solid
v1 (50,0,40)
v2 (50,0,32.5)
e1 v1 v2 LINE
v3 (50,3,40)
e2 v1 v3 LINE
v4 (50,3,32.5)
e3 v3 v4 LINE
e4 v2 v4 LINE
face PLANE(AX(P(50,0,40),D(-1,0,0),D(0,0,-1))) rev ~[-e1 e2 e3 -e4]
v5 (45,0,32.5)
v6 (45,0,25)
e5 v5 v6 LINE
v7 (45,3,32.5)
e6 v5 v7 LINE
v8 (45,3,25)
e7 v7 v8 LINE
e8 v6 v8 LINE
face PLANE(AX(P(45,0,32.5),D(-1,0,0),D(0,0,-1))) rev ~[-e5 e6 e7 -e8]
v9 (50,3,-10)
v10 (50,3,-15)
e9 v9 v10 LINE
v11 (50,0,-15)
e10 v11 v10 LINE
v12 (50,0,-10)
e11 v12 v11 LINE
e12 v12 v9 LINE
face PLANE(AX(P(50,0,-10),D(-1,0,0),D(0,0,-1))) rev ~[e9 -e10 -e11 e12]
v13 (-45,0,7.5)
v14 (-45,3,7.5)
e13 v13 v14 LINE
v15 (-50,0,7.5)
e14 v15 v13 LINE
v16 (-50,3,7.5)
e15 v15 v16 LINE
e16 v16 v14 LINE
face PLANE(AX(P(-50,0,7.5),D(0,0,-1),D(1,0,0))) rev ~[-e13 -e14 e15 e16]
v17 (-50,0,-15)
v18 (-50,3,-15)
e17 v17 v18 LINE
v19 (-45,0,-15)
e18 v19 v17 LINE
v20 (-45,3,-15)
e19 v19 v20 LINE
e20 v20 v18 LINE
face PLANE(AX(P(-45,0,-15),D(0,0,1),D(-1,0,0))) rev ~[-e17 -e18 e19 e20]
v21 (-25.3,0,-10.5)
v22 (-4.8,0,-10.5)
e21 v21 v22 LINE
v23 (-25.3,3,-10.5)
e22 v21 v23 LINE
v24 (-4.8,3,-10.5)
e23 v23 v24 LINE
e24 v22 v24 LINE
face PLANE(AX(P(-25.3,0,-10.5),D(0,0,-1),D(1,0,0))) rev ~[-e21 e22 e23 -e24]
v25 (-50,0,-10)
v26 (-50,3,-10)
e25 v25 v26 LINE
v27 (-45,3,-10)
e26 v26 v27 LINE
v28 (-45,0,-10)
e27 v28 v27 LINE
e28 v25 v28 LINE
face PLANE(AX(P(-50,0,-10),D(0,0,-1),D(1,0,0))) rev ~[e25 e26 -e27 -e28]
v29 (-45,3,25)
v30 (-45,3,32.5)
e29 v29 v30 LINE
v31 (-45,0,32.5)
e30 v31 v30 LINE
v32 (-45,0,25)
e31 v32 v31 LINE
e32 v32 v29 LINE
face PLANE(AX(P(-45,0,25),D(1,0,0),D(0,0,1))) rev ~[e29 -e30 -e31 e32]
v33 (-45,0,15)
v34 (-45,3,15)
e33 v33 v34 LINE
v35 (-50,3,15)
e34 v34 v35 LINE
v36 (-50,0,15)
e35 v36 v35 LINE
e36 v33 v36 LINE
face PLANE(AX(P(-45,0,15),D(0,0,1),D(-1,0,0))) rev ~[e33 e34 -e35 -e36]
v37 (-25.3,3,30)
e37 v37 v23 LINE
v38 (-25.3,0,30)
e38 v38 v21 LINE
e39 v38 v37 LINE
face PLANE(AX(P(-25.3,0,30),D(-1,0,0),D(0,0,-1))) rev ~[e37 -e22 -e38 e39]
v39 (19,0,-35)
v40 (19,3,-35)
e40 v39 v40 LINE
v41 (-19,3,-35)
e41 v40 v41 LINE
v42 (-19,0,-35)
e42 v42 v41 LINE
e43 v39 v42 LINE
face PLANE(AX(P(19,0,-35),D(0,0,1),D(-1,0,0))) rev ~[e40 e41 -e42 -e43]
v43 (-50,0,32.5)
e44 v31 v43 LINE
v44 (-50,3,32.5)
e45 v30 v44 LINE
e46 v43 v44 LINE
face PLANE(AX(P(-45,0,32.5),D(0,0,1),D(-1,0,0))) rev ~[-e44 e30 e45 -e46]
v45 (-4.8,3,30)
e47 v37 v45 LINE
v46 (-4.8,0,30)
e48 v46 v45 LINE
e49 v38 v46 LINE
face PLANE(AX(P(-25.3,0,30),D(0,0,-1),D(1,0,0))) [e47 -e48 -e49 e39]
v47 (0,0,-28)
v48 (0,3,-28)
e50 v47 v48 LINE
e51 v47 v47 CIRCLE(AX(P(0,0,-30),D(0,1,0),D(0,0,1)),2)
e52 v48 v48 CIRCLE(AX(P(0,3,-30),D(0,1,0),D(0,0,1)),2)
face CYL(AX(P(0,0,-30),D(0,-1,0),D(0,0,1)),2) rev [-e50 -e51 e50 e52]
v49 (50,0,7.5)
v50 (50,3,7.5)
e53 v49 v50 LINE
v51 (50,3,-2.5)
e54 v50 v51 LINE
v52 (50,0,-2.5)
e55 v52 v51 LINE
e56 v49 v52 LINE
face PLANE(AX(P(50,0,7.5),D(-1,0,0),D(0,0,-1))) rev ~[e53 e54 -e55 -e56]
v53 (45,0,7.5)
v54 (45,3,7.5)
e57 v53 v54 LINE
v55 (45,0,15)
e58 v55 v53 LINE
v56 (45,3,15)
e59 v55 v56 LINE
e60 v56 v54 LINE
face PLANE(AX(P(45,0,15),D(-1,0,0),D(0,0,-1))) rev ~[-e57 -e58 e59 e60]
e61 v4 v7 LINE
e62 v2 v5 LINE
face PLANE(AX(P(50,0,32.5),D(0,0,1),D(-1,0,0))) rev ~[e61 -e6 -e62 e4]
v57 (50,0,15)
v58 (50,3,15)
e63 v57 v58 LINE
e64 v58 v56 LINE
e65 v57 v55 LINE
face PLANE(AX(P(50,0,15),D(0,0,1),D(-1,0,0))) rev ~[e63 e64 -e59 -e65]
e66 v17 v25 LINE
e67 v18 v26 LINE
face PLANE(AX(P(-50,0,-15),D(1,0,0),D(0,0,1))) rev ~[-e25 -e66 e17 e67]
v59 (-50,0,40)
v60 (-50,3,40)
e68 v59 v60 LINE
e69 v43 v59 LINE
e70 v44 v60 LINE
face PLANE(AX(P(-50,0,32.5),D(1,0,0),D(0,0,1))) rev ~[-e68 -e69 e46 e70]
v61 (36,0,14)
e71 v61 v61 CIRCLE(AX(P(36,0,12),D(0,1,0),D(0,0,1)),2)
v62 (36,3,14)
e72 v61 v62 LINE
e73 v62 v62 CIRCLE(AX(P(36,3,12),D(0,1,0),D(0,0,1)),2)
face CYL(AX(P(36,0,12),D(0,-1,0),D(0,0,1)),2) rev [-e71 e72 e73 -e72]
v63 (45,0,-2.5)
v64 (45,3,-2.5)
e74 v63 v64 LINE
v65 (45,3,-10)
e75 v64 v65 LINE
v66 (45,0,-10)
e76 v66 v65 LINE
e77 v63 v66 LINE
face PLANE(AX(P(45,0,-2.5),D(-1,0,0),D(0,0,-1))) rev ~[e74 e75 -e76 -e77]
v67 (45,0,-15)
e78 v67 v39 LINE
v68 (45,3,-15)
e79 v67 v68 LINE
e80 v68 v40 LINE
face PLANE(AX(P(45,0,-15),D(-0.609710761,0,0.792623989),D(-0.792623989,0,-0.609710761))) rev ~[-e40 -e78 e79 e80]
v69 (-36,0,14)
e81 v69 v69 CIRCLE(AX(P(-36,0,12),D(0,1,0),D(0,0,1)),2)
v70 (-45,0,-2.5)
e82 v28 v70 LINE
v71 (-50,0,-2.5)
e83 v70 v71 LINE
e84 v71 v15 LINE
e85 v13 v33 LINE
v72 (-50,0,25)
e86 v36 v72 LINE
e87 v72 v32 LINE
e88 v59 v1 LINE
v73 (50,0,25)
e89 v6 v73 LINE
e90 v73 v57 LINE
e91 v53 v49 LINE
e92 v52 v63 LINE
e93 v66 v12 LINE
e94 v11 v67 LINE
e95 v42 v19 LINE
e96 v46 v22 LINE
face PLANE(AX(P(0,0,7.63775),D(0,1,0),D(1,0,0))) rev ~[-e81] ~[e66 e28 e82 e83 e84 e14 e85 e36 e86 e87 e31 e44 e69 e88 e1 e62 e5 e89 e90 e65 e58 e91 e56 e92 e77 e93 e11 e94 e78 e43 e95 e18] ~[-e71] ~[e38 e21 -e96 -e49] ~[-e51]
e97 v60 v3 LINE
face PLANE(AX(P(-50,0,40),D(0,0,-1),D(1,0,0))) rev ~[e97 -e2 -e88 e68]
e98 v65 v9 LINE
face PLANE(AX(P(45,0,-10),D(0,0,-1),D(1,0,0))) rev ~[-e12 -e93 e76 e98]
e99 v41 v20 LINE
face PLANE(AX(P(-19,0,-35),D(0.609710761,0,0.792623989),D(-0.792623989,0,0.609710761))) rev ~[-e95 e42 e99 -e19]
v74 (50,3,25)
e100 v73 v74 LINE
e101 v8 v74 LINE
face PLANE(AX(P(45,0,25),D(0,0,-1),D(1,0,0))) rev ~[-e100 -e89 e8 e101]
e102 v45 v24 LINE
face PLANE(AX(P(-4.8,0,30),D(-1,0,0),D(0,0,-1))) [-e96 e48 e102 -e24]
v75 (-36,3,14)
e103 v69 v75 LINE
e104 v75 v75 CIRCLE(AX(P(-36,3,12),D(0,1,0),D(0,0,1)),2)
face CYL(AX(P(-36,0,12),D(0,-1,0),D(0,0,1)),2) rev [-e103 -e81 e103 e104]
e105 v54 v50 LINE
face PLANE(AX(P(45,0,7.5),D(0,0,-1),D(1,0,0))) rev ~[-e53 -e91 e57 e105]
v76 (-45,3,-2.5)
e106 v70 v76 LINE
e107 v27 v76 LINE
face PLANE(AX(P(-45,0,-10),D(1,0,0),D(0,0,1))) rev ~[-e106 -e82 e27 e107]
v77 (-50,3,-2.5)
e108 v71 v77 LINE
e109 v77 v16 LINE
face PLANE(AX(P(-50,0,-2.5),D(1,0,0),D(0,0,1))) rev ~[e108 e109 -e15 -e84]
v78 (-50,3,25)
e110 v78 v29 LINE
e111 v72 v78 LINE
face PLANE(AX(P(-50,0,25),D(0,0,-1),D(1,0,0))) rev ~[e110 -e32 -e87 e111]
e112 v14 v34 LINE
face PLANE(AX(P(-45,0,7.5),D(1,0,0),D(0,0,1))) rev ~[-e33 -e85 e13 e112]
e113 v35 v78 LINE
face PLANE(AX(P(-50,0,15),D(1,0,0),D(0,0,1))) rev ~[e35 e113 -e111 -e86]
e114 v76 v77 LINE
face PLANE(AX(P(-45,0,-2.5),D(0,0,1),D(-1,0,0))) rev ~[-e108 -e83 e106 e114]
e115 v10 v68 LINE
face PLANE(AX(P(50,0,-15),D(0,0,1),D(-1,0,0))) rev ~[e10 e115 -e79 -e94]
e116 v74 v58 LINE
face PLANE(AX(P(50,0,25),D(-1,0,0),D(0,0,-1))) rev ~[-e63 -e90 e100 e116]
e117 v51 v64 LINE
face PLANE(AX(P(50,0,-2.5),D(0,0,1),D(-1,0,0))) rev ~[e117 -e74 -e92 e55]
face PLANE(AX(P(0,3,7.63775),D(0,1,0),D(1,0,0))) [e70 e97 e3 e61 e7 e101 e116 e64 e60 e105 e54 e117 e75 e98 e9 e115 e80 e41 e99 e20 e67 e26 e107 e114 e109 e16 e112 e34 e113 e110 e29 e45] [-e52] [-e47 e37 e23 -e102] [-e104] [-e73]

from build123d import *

# Parameters (mm, degrees)
SKETCH1_R           = 2
SKETCH1_W           = 20.5
SKETCH1_H           = 40.5
BOSS_EXTRUDE1_DEPTH = 3


with BuildPart() as part:
    # Sketch1 → Boss-Extrude1 (new body)
    with BuildSketch(Plane(origin=(0, 0, 0), x_dir=(1, 0, 0), z_dir=(0, 1, 0))):
        Polygon((-45, 10), (-45, 2.5), (-50, 2.5), (-50, -7.5), (-45, -7.5), (-45, -15), (-50, -15), (-50, -25), (-45, -25), (-45, -32.5), (-50, -32.5), (-50, -40), (50, -40), (50, -32.5), (45, -32.5), (45, -25), (50, -25), (50, -15), (45, -15), (45, -7.5), (50, -7.5), (50, 2.5), (45, 2.5), (45, 10), (50, 10), (50, 15), (45, 15), (19, 35), (-19, 35), (-45, 15), (-50, 15), (-50, 10), align=None)
        with Locations(Location((0, 30, 0), (0, 0, 270))):
            Circle(SKETCH1_R, mode=Mode.SUBTRACT)
        with Locations(Location((-36, -12, 0), (0, 0, 270))):
            Circle(SKETCH1_R, mode=Mode.SUBTRACT)
        with Locations(Location((36, -12, 0), (0, 0, 270))):
            Circle(SKETCH1_R, mode=Mode.SUBTRACT)
        with Locations((-15.05, -9.75)):
            Rectangle(SKETCH1_W, SKETCH1_H, mode=Mode.SUBTRACT)
    extrude(amount=BOSS_EXTRUDE1_DEPTH)


solid = part.part
